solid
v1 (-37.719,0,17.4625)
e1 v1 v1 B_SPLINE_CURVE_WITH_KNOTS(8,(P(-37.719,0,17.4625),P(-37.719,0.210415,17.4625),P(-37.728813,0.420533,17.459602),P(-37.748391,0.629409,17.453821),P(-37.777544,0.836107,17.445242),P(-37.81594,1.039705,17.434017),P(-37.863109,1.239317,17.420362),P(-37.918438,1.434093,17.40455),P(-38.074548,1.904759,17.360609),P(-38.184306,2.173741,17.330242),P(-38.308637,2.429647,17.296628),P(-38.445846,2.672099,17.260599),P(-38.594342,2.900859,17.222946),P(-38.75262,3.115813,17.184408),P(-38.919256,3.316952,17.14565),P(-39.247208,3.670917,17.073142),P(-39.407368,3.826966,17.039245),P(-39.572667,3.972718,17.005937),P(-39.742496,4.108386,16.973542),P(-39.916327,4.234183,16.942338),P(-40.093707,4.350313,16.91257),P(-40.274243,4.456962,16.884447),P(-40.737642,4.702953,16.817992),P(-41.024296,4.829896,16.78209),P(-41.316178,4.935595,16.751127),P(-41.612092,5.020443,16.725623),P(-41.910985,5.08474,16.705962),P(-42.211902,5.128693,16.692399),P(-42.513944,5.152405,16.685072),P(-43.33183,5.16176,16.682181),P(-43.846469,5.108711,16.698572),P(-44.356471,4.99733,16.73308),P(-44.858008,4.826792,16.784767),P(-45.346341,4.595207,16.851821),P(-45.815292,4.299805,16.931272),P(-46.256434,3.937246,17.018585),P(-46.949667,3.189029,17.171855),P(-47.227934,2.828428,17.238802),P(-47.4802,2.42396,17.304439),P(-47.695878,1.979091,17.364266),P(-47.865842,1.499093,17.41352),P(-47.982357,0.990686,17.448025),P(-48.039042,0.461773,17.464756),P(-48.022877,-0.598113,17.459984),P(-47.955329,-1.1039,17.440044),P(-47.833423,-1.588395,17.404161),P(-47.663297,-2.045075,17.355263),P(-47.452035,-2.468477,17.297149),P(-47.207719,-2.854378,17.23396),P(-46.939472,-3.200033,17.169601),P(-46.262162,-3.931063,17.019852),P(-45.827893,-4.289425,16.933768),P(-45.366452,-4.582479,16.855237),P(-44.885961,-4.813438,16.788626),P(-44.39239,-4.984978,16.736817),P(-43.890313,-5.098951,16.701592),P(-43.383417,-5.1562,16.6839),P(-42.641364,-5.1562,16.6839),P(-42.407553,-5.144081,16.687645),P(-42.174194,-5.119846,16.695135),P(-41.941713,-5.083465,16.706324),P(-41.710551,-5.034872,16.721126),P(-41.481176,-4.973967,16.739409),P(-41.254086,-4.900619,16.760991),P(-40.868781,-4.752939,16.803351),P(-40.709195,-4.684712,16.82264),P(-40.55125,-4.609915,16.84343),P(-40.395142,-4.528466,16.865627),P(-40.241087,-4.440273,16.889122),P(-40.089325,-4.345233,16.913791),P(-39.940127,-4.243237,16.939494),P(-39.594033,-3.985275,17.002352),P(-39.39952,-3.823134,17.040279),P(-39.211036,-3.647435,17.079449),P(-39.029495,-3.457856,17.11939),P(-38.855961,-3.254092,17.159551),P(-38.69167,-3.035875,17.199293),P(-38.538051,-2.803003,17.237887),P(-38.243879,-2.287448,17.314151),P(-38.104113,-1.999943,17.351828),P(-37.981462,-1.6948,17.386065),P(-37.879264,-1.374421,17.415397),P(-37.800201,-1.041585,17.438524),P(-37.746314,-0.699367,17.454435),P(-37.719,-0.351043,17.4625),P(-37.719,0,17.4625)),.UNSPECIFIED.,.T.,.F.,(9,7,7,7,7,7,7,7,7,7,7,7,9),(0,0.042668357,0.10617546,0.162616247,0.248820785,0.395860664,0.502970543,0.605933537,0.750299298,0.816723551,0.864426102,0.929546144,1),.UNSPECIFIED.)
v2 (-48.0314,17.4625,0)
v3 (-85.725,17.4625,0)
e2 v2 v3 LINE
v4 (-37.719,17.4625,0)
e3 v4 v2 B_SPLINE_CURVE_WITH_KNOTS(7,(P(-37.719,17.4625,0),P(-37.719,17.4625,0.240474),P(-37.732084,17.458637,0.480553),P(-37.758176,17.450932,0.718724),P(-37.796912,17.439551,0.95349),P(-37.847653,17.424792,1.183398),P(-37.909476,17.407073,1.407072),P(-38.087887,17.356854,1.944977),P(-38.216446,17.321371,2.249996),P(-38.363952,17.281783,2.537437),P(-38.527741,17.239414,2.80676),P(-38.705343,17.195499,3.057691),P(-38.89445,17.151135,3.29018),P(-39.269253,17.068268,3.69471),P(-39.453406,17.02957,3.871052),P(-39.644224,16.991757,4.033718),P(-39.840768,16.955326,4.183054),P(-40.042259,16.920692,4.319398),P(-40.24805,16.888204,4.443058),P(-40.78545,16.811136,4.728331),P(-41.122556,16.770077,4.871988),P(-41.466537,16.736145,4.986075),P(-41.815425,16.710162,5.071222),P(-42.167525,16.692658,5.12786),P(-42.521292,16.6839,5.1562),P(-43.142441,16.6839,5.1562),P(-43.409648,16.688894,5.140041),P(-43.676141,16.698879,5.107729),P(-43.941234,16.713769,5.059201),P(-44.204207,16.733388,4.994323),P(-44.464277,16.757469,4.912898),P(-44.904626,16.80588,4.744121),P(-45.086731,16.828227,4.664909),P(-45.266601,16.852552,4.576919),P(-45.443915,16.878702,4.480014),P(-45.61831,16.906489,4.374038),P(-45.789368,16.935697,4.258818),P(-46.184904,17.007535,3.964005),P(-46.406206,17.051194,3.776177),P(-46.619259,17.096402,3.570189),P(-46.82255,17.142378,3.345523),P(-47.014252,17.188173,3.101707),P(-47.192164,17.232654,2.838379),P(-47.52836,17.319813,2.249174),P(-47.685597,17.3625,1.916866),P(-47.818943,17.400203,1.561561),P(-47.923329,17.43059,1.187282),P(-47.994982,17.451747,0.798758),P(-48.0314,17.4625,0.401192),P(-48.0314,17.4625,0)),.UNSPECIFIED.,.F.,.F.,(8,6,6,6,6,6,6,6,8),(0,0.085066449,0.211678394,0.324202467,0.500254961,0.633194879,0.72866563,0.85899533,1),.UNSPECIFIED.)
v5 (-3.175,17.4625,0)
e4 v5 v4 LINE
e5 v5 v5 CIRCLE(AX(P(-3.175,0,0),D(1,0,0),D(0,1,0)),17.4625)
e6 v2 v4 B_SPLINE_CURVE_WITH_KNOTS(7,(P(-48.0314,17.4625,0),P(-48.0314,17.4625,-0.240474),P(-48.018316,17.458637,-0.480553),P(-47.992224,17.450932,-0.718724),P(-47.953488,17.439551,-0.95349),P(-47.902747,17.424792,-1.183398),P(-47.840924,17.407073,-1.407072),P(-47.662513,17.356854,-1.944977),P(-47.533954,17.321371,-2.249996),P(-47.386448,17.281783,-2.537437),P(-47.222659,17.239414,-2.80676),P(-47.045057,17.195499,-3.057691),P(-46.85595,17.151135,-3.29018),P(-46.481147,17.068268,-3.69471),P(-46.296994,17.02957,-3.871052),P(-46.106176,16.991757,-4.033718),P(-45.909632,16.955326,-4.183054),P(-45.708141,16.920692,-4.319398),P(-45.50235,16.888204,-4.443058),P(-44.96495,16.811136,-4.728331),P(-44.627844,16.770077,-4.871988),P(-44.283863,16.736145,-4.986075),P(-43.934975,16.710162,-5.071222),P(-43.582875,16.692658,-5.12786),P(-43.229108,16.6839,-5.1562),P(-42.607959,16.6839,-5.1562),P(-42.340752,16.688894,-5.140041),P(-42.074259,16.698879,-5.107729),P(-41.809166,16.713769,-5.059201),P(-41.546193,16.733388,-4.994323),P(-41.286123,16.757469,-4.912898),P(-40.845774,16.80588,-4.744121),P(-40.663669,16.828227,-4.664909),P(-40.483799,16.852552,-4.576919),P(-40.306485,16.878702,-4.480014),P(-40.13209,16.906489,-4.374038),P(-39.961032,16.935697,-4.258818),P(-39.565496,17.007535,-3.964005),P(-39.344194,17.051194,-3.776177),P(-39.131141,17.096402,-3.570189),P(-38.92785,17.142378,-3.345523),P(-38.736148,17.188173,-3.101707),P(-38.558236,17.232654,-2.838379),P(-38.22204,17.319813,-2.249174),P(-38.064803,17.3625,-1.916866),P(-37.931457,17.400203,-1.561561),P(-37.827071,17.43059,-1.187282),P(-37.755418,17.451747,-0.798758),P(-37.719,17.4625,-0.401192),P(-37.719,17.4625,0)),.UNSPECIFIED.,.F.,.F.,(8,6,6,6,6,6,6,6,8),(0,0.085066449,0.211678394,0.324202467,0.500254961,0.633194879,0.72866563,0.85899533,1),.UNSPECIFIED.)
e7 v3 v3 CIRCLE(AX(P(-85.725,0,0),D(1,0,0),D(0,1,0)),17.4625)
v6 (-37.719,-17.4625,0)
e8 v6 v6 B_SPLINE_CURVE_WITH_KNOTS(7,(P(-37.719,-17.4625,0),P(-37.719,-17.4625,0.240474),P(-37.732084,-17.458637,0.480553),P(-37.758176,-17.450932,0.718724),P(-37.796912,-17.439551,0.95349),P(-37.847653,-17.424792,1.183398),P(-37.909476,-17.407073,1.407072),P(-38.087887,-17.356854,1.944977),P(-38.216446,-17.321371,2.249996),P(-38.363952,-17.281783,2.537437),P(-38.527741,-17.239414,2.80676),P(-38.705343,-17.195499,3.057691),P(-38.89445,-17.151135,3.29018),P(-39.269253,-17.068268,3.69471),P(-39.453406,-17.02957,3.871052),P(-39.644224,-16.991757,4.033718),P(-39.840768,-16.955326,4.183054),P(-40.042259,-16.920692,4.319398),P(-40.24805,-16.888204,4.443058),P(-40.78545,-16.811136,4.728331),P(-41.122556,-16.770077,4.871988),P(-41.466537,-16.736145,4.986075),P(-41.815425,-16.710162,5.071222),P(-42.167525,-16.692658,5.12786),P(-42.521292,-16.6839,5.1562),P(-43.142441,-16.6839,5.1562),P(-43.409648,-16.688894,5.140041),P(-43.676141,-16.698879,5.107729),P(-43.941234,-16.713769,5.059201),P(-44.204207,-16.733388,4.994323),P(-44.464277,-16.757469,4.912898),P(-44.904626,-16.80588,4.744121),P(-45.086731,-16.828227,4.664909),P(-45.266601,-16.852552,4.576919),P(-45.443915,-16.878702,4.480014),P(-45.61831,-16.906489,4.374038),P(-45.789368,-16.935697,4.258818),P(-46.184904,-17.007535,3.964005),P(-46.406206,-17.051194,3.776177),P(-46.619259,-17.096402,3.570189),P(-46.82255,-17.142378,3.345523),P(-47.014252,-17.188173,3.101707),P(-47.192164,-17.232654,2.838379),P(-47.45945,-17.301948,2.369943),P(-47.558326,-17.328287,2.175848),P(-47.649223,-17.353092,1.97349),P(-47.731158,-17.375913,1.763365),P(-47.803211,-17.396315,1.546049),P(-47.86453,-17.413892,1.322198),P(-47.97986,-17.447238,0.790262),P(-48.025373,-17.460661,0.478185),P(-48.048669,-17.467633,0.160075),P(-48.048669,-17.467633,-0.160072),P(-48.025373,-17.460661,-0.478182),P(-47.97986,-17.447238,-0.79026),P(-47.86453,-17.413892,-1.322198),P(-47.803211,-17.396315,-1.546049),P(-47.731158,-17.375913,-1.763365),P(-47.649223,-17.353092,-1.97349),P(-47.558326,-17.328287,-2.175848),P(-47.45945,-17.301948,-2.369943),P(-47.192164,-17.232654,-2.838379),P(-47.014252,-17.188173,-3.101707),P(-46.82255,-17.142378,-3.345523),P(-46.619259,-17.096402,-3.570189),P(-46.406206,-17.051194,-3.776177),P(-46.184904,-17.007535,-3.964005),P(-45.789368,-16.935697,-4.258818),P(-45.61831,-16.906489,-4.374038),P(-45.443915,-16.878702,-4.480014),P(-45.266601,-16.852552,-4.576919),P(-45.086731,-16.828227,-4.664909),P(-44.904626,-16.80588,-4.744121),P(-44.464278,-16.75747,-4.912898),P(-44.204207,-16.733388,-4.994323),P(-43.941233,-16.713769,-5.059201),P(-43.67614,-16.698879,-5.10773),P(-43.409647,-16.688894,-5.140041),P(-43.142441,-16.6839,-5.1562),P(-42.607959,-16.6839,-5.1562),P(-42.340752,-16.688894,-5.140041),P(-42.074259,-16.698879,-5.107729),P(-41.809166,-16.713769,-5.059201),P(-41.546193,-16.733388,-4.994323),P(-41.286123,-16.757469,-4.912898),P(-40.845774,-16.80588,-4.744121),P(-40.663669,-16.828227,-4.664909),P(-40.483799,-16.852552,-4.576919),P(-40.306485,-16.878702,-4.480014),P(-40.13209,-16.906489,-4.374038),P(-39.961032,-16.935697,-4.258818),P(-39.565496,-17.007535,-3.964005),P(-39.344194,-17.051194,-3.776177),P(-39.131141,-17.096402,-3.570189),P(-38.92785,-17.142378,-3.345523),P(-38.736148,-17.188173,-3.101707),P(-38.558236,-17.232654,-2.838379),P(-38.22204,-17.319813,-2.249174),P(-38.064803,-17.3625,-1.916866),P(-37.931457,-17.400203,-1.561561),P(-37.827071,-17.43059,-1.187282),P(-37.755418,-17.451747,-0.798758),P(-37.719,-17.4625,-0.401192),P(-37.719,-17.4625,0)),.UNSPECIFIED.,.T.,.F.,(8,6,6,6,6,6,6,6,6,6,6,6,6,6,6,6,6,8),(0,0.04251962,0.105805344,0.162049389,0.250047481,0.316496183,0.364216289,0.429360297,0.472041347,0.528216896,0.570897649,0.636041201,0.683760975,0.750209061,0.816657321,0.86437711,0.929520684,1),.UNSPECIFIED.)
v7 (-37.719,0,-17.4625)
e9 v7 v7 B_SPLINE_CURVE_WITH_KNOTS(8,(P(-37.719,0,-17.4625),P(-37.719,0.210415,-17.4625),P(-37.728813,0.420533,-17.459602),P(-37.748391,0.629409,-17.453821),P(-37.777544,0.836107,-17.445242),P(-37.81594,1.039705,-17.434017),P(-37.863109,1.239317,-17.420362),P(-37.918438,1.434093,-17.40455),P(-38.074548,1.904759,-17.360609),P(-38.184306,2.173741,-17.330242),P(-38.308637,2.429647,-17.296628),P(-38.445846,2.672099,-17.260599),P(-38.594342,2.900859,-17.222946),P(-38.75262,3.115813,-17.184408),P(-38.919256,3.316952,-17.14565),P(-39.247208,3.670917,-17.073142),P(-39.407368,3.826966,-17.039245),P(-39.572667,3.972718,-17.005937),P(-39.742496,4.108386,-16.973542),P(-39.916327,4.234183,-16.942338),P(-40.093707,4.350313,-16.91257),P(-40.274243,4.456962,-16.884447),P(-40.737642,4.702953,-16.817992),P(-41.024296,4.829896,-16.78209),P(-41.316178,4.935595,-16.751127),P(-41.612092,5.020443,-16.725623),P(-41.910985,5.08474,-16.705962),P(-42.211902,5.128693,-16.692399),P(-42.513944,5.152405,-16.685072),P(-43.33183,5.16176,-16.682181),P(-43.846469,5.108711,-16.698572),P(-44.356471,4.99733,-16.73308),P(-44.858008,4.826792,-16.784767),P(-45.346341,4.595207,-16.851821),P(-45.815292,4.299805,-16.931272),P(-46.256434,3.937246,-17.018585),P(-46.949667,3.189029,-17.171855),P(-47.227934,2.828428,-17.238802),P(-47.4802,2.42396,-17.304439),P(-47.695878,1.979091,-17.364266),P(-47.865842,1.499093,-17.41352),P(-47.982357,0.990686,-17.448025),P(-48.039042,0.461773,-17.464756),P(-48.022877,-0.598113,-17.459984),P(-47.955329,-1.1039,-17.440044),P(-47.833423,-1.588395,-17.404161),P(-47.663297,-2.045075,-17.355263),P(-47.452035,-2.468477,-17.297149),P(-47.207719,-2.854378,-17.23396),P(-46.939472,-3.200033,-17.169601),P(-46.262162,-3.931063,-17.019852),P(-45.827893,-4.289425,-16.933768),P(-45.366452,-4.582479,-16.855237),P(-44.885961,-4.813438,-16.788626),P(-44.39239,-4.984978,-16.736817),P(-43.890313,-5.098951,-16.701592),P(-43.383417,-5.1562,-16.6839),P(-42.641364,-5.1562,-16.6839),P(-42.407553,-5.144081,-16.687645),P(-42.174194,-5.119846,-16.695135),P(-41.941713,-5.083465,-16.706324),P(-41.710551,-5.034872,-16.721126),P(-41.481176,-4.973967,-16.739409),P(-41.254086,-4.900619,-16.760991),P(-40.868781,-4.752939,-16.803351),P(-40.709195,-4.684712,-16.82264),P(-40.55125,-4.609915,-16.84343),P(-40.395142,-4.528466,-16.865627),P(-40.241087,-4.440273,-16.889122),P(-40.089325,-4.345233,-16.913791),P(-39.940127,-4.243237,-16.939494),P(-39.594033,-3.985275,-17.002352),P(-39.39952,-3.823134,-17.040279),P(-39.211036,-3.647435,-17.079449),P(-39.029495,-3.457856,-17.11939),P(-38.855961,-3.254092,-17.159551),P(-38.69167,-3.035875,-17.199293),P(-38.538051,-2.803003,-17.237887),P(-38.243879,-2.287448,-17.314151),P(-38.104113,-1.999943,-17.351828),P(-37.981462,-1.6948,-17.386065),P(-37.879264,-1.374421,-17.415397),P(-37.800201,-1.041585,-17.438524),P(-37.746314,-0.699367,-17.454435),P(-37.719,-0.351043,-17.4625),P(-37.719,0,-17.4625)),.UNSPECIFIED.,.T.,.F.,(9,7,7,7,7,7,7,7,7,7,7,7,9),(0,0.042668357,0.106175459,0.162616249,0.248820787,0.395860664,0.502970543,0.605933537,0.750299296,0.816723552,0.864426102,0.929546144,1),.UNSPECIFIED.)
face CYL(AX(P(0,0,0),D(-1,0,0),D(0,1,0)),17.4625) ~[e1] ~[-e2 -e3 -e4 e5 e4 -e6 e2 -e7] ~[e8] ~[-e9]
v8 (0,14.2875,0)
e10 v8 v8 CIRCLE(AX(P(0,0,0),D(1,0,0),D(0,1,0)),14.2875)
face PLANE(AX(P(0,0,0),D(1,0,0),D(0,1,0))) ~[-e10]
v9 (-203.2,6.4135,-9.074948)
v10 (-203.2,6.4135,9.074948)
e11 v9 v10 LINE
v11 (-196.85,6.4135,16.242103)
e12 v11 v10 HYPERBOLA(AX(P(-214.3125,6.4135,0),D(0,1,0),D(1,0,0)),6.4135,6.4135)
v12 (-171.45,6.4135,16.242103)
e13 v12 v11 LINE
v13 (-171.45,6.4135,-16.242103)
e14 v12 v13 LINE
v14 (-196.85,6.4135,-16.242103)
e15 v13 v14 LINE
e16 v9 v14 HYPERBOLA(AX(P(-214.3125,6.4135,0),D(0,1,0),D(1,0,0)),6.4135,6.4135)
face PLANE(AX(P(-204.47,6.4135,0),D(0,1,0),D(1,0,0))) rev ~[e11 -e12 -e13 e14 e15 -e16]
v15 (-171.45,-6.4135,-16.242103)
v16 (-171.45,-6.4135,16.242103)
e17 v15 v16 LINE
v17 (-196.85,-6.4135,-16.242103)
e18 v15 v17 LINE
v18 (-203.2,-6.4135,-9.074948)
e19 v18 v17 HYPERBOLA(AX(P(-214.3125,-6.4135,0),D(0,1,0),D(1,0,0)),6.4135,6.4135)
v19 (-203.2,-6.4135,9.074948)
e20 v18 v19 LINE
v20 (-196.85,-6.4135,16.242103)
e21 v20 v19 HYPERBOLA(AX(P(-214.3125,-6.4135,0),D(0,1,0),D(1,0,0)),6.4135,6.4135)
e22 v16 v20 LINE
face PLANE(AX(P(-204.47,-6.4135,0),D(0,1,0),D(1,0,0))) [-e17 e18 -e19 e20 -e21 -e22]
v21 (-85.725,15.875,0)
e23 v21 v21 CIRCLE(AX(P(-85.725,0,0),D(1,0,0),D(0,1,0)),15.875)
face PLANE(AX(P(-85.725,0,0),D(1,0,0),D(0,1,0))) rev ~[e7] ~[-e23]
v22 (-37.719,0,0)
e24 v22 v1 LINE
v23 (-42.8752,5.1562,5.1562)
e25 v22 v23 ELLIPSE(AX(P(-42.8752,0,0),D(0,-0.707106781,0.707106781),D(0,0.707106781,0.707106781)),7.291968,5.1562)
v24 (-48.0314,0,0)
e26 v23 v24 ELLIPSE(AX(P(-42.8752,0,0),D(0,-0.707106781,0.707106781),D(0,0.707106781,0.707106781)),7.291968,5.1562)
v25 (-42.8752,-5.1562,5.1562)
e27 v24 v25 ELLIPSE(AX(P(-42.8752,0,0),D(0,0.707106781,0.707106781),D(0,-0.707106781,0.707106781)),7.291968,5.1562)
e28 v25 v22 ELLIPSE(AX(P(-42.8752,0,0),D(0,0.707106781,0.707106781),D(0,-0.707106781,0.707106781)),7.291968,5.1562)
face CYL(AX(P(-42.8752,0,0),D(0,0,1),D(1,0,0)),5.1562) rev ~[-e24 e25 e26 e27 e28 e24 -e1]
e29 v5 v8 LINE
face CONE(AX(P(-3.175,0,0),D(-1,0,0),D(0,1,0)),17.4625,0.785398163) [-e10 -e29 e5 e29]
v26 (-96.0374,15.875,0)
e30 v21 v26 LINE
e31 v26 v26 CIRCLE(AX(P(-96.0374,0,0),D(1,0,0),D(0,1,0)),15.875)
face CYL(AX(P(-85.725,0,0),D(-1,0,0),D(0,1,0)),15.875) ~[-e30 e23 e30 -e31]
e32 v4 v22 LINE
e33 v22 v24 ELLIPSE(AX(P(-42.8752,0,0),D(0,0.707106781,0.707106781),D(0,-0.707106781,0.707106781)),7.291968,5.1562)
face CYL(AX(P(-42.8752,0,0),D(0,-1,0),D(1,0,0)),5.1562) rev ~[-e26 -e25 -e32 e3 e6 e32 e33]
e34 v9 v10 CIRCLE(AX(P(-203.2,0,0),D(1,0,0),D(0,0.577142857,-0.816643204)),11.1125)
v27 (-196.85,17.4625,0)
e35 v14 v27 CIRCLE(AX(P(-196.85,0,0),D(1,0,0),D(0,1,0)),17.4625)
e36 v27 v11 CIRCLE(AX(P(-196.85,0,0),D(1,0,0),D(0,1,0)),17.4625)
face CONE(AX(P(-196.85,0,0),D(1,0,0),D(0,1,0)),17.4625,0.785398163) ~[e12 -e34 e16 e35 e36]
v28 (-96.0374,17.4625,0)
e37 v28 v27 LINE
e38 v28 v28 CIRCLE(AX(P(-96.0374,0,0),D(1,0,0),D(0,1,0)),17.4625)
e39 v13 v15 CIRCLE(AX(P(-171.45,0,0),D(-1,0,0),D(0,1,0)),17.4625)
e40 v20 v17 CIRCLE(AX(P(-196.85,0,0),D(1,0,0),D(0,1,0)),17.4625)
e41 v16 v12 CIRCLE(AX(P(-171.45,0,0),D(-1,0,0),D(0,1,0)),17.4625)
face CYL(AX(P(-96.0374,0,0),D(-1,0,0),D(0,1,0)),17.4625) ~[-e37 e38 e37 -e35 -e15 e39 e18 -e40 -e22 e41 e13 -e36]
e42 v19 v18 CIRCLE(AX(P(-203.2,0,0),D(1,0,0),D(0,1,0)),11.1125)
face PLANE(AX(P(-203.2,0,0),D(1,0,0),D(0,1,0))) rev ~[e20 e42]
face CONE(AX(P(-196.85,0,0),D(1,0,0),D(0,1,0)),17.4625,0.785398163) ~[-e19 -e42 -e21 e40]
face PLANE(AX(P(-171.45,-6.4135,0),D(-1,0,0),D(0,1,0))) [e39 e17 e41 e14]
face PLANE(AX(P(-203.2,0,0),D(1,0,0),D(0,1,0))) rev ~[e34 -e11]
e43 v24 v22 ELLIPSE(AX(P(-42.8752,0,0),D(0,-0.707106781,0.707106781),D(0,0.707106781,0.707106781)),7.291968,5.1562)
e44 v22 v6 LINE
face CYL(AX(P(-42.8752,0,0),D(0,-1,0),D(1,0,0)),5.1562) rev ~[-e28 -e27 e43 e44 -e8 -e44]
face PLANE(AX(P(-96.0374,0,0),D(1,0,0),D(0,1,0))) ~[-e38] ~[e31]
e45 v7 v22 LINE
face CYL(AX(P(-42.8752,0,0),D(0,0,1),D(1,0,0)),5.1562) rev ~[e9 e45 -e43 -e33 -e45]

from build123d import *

# Parameters (mm, degrees)
F2_SIZE  = 6.35
F3_SIZE  = 3.175
F4_W     = 33.02
F4_H     = 12.827
F4_R     = 5.1562
F5_DEPTH = 19.05
F6_R     = 5.1562
F7_DEPTH = 19.05


with BuildPart() as f1:
    # F0 (on Top) → F1 (revolve)
    with BuildSketch(Plane.XY):
        Polygon((-203.2, 0), (0, 0), (0, 17.4625), (-85.725, 17.4625), (-85.725, 15.875), (-96.0374, 15.875), (-96.0374, 17.4625), (-203.2, 17.4625), align=None)
    revolve(axis=Axis((-82.347021, 0, 0), (1, 0, 0)))

    # F2
    f2_edges = [f1.edges().sort_by_distance(p)[0] for p in [
        (-203.2, -17.4625, 0),
    ]]
    chamfer(f2_edges, length=F2_SIZE)

    # F3
    f3_edges = [f1.edges().sort_by_distance(p)[0] for p in [
        (0, -17.4625, 0),
    ]]
    chamfer(f3_edges, length=F3_SIZE)

    # F4 (on Top) → F5 (cut, symmetric)
    with BuildSketch(Plane.XY):
        with Locations((-187.96, 0)):
            Rectangle(F4_W, F4_H)
        with Locations((-42.8752, 0)):
            Circle(F4_R)
    extrude(amount=F5_DEPTH, both=True, mode=Mode.SUBTRACT)

    # F6 (on Front) → F7 (cut, symmetric)
    with BuildSketch(Plane.XZ):
        with Locations((-42.8752, 0)):
            Circle(F6_R)
    extrude(amount=F7_DEPTH, both=True, mode=Mode.SUBTRACT)


solid = f1.part
